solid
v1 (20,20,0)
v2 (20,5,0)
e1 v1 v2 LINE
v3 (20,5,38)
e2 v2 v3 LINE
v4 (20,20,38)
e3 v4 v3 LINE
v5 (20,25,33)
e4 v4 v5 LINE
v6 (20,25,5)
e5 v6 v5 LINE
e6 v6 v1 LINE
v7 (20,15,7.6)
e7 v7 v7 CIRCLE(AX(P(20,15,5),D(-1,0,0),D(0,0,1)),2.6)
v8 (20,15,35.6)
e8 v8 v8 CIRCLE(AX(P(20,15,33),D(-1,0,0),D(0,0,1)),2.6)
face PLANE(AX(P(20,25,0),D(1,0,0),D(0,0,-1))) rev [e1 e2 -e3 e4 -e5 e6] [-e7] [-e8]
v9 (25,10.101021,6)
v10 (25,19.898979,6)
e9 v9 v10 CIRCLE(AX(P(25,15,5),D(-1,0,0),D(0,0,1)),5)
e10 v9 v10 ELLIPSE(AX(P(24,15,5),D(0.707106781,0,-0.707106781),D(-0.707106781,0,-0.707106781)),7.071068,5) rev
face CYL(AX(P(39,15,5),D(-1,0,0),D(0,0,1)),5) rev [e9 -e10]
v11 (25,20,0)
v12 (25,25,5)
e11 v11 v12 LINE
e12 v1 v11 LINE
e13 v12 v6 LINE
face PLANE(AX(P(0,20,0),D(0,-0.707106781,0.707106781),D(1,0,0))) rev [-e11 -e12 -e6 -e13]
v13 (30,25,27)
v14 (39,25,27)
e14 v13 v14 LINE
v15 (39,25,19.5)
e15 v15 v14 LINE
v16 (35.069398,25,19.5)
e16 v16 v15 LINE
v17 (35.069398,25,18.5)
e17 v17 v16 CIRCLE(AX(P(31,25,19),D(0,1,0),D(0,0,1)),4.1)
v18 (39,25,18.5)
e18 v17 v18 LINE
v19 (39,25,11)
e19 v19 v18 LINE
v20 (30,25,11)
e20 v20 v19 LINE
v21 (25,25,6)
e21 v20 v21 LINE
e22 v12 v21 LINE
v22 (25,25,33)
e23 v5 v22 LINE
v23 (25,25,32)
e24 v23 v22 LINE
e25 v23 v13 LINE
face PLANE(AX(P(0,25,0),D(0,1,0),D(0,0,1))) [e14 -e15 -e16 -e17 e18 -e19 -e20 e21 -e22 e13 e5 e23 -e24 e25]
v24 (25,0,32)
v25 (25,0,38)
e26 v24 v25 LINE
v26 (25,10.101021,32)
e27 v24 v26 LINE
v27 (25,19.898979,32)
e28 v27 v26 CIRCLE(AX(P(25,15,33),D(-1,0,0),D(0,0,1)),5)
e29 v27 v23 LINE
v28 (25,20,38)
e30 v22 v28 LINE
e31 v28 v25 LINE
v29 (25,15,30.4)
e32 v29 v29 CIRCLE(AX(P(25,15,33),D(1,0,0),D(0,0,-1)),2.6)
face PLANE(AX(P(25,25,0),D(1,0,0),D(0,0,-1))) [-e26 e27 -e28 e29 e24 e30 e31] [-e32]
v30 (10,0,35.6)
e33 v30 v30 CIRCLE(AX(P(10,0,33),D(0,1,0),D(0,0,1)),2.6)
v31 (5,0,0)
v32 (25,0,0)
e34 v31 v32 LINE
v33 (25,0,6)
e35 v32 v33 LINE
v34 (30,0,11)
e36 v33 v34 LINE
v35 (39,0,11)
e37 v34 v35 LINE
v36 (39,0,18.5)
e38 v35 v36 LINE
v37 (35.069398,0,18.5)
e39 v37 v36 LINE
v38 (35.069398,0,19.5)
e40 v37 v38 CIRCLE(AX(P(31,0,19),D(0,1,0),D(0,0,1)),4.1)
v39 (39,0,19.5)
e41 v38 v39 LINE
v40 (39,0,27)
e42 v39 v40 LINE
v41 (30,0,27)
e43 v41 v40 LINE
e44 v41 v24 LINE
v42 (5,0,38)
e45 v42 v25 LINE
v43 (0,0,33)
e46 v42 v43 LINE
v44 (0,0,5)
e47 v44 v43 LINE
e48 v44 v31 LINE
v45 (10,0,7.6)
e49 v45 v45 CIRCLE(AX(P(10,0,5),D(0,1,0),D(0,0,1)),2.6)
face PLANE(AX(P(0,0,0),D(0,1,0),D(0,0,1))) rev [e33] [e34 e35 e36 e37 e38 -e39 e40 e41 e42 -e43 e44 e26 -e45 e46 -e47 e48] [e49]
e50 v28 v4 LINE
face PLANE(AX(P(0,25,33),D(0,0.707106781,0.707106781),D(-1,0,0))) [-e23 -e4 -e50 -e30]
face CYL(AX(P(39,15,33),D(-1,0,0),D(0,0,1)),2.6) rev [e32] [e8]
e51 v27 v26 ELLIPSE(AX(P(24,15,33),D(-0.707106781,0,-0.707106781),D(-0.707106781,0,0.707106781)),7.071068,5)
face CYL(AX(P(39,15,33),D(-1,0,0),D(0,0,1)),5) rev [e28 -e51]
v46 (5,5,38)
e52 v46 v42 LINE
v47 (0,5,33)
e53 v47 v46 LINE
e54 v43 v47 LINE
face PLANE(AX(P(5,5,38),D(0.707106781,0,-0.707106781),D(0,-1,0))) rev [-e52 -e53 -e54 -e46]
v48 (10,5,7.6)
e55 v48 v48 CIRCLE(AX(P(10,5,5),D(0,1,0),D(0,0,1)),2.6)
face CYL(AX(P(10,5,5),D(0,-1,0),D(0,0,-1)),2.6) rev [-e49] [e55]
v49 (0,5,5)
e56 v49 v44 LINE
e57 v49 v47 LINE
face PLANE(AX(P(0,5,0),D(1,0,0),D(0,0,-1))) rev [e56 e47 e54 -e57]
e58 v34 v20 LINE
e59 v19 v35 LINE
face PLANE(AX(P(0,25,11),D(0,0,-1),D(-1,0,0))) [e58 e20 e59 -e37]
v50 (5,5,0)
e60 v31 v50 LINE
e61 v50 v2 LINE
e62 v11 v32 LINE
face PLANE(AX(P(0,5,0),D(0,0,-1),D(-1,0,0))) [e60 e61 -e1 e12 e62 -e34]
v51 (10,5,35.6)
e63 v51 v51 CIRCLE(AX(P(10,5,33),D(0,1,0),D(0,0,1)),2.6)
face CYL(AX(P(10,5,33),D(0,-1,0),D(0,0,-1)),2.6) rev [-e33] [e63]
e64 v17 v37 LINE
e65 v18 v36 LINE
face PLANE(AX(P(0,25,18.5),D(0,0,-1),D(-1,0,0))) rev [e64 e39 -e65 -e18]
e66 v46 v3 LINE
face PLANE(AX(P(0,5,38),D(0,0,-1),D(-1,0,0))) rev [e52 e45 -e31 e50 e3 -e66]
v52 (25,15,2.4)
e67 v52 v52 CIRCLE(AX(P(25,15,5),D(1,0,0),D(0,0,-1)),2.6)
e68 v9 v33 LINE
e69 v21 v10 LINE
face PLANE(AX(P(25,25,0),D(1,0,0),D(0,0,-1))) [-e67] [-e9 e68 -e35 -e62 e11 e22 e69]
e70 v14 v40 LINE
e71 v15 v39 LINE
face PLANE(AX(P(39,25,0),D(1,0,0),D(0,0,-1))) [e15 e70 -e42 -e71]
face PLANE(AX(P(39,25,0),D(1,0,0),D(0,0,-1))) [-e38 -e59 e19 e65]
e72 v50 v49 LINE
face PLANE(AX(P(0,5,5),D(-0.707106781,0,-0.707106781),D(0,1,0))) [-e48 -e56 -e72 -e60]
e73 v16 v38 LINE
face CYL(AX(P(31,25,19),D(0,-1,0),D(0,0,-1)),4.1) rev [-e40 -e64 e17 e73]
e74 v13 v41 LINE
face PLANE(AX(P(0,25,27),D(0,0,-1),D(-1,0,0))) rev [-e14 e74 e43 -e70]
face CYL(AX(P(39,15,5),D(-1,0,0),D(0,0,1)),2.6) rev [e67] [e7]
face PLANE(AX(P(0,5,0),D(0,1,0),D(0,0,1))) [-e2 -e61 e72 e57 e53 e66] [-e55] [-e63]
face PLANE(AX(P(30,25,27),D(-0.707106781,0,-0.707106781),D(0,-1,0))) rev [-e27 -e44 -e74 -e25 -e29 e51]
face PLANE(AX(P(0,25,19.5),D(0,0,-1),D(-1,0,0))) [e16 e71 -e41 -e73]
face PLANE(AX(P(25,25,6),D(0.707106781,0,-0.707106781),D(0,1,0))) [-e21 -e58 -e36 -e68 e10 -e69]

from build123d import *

# Parameters (mm, degrees)
SKETCH1_W           = 20
SKETCH1_H           = 38
SKETCH1_R           = 2.6
BOSS_EXTRUDE1_DEPTH = 5
BOSS_EXTRUDE2_DEPTH = 25
CHAMFER1_SIZE       = 5
SKETCH2_R           = 2.6
CUT_EXTRUDE1_DEPTH  = 50.689032995
SKETCH3_R           = 5
CUT_EXTRUDE2_DEPTH  = 52.903757089
CHAMFER2_SIZE       = 5
CHAMFER3_SIZE       = 5


with BuildPart() as part:
    # Sketch1 → Boss-Extrude1 (new body)
    with BuildSketch(Plane(origin=(0, 0, 0), x_dir=(1, 0, 0), z_dir=(0, 1, 0))):
        with Locations((10, -19)):
            Rectangle(SKETCH1_W, SKETCH1_H)
        with Locations((10, -33)):
            Circle(SKETCH1_R, mode=Mode.SUBTRACT)
        with Locations((10, -5)):
            Circle(SKETCH1_R, mode=Mode.SUBTRACT)
    extrude(amount=BOSS_EXTRUDE1_DEPTH)

    # Sketch1<4> → Boss-Extrude2 (add)
    with BuildSketch(Plane(origin=(0, 0, 0), x_dir=(1, 0, 0), z_dir=(0, 1, 0))):
        with BuildLine():
            Line((25, 0), (20, 0))
            Line((20, 0), (20, -38))
            Line((20, -38), (25, -38))
            Line((25, -38), (25, -27))
            Line((25, -27), (39, -27))
            Line((39, -27), (39, -19.5))
            Line((39, -19.5), (35.06939799, -19.5))
            ThreePointArc((35.06939799, -19.5), (26.9, -19), (35.06939799, -18.5))
            Line((35.06939799, -18.5), (39, -18.5))
            Line((39, -18.5), (39, -11))
            Line((39, -11), (25, -11))
            Line((25, -11), (25, 0))
        make_face()
    extrude(amount=BOSS_EXTRUDE2_DEPTH)

    # Chamfer1
    chamfer1_edges = [part.edges().sort_by_distance(p)[0] for p in [
        (25, 12.5, 11),
        (25, 12.5, 27),
    ]]
    chamfer(chamfer1_edges, length=CHAMFER1_SIZE)

    # Sketch2 → Cut-Extrude1 (cut, through all)
    with BuildSketch(Plane.ZY.offset(-20)):
        with Locations((5, 15)):
            Circle(SKETCH2_R)
        with Locations((33, 15)):
            Circle(SKETCH2_R)
    extrude(amount=-CUT_EXTRUDE1_DEPTH, mode=Mode.SUBTRACT)

    # Sketch3 → Cut-Extrude2 (cut, through all)
    with BuildSketch(Plane.ZY.offset(-25)):
        with Locations((5, 15)):
            Circle(SKETCH3_R)
        with Locations((33, 15)):
            Circle(SKETCH3_R)
    extrude(amount=-CUT_EXTRUDE2_DEPTH, mode=Mode.SUBTRACT)

    # Chamfer2
    chamfer2_edges = [part.edges().sort_by_distance(p)[0] for p in [
        (22.5, 25, 0),
        (22.5, 25, 38),
    ]]
    chamfer(chamfer2_edges, length=CHAMFER2_SIZE)

    # Chamfer3
    chamfer3_edges = [part.edges().sort_by_distance(p)[0] for p in [
        (0, 2.5, 0),
        (0, 2.5, 38),
    ]]
    chamfer(chamfer3_edges, length=CHAMFER3_SIZE)


solid = part.part
